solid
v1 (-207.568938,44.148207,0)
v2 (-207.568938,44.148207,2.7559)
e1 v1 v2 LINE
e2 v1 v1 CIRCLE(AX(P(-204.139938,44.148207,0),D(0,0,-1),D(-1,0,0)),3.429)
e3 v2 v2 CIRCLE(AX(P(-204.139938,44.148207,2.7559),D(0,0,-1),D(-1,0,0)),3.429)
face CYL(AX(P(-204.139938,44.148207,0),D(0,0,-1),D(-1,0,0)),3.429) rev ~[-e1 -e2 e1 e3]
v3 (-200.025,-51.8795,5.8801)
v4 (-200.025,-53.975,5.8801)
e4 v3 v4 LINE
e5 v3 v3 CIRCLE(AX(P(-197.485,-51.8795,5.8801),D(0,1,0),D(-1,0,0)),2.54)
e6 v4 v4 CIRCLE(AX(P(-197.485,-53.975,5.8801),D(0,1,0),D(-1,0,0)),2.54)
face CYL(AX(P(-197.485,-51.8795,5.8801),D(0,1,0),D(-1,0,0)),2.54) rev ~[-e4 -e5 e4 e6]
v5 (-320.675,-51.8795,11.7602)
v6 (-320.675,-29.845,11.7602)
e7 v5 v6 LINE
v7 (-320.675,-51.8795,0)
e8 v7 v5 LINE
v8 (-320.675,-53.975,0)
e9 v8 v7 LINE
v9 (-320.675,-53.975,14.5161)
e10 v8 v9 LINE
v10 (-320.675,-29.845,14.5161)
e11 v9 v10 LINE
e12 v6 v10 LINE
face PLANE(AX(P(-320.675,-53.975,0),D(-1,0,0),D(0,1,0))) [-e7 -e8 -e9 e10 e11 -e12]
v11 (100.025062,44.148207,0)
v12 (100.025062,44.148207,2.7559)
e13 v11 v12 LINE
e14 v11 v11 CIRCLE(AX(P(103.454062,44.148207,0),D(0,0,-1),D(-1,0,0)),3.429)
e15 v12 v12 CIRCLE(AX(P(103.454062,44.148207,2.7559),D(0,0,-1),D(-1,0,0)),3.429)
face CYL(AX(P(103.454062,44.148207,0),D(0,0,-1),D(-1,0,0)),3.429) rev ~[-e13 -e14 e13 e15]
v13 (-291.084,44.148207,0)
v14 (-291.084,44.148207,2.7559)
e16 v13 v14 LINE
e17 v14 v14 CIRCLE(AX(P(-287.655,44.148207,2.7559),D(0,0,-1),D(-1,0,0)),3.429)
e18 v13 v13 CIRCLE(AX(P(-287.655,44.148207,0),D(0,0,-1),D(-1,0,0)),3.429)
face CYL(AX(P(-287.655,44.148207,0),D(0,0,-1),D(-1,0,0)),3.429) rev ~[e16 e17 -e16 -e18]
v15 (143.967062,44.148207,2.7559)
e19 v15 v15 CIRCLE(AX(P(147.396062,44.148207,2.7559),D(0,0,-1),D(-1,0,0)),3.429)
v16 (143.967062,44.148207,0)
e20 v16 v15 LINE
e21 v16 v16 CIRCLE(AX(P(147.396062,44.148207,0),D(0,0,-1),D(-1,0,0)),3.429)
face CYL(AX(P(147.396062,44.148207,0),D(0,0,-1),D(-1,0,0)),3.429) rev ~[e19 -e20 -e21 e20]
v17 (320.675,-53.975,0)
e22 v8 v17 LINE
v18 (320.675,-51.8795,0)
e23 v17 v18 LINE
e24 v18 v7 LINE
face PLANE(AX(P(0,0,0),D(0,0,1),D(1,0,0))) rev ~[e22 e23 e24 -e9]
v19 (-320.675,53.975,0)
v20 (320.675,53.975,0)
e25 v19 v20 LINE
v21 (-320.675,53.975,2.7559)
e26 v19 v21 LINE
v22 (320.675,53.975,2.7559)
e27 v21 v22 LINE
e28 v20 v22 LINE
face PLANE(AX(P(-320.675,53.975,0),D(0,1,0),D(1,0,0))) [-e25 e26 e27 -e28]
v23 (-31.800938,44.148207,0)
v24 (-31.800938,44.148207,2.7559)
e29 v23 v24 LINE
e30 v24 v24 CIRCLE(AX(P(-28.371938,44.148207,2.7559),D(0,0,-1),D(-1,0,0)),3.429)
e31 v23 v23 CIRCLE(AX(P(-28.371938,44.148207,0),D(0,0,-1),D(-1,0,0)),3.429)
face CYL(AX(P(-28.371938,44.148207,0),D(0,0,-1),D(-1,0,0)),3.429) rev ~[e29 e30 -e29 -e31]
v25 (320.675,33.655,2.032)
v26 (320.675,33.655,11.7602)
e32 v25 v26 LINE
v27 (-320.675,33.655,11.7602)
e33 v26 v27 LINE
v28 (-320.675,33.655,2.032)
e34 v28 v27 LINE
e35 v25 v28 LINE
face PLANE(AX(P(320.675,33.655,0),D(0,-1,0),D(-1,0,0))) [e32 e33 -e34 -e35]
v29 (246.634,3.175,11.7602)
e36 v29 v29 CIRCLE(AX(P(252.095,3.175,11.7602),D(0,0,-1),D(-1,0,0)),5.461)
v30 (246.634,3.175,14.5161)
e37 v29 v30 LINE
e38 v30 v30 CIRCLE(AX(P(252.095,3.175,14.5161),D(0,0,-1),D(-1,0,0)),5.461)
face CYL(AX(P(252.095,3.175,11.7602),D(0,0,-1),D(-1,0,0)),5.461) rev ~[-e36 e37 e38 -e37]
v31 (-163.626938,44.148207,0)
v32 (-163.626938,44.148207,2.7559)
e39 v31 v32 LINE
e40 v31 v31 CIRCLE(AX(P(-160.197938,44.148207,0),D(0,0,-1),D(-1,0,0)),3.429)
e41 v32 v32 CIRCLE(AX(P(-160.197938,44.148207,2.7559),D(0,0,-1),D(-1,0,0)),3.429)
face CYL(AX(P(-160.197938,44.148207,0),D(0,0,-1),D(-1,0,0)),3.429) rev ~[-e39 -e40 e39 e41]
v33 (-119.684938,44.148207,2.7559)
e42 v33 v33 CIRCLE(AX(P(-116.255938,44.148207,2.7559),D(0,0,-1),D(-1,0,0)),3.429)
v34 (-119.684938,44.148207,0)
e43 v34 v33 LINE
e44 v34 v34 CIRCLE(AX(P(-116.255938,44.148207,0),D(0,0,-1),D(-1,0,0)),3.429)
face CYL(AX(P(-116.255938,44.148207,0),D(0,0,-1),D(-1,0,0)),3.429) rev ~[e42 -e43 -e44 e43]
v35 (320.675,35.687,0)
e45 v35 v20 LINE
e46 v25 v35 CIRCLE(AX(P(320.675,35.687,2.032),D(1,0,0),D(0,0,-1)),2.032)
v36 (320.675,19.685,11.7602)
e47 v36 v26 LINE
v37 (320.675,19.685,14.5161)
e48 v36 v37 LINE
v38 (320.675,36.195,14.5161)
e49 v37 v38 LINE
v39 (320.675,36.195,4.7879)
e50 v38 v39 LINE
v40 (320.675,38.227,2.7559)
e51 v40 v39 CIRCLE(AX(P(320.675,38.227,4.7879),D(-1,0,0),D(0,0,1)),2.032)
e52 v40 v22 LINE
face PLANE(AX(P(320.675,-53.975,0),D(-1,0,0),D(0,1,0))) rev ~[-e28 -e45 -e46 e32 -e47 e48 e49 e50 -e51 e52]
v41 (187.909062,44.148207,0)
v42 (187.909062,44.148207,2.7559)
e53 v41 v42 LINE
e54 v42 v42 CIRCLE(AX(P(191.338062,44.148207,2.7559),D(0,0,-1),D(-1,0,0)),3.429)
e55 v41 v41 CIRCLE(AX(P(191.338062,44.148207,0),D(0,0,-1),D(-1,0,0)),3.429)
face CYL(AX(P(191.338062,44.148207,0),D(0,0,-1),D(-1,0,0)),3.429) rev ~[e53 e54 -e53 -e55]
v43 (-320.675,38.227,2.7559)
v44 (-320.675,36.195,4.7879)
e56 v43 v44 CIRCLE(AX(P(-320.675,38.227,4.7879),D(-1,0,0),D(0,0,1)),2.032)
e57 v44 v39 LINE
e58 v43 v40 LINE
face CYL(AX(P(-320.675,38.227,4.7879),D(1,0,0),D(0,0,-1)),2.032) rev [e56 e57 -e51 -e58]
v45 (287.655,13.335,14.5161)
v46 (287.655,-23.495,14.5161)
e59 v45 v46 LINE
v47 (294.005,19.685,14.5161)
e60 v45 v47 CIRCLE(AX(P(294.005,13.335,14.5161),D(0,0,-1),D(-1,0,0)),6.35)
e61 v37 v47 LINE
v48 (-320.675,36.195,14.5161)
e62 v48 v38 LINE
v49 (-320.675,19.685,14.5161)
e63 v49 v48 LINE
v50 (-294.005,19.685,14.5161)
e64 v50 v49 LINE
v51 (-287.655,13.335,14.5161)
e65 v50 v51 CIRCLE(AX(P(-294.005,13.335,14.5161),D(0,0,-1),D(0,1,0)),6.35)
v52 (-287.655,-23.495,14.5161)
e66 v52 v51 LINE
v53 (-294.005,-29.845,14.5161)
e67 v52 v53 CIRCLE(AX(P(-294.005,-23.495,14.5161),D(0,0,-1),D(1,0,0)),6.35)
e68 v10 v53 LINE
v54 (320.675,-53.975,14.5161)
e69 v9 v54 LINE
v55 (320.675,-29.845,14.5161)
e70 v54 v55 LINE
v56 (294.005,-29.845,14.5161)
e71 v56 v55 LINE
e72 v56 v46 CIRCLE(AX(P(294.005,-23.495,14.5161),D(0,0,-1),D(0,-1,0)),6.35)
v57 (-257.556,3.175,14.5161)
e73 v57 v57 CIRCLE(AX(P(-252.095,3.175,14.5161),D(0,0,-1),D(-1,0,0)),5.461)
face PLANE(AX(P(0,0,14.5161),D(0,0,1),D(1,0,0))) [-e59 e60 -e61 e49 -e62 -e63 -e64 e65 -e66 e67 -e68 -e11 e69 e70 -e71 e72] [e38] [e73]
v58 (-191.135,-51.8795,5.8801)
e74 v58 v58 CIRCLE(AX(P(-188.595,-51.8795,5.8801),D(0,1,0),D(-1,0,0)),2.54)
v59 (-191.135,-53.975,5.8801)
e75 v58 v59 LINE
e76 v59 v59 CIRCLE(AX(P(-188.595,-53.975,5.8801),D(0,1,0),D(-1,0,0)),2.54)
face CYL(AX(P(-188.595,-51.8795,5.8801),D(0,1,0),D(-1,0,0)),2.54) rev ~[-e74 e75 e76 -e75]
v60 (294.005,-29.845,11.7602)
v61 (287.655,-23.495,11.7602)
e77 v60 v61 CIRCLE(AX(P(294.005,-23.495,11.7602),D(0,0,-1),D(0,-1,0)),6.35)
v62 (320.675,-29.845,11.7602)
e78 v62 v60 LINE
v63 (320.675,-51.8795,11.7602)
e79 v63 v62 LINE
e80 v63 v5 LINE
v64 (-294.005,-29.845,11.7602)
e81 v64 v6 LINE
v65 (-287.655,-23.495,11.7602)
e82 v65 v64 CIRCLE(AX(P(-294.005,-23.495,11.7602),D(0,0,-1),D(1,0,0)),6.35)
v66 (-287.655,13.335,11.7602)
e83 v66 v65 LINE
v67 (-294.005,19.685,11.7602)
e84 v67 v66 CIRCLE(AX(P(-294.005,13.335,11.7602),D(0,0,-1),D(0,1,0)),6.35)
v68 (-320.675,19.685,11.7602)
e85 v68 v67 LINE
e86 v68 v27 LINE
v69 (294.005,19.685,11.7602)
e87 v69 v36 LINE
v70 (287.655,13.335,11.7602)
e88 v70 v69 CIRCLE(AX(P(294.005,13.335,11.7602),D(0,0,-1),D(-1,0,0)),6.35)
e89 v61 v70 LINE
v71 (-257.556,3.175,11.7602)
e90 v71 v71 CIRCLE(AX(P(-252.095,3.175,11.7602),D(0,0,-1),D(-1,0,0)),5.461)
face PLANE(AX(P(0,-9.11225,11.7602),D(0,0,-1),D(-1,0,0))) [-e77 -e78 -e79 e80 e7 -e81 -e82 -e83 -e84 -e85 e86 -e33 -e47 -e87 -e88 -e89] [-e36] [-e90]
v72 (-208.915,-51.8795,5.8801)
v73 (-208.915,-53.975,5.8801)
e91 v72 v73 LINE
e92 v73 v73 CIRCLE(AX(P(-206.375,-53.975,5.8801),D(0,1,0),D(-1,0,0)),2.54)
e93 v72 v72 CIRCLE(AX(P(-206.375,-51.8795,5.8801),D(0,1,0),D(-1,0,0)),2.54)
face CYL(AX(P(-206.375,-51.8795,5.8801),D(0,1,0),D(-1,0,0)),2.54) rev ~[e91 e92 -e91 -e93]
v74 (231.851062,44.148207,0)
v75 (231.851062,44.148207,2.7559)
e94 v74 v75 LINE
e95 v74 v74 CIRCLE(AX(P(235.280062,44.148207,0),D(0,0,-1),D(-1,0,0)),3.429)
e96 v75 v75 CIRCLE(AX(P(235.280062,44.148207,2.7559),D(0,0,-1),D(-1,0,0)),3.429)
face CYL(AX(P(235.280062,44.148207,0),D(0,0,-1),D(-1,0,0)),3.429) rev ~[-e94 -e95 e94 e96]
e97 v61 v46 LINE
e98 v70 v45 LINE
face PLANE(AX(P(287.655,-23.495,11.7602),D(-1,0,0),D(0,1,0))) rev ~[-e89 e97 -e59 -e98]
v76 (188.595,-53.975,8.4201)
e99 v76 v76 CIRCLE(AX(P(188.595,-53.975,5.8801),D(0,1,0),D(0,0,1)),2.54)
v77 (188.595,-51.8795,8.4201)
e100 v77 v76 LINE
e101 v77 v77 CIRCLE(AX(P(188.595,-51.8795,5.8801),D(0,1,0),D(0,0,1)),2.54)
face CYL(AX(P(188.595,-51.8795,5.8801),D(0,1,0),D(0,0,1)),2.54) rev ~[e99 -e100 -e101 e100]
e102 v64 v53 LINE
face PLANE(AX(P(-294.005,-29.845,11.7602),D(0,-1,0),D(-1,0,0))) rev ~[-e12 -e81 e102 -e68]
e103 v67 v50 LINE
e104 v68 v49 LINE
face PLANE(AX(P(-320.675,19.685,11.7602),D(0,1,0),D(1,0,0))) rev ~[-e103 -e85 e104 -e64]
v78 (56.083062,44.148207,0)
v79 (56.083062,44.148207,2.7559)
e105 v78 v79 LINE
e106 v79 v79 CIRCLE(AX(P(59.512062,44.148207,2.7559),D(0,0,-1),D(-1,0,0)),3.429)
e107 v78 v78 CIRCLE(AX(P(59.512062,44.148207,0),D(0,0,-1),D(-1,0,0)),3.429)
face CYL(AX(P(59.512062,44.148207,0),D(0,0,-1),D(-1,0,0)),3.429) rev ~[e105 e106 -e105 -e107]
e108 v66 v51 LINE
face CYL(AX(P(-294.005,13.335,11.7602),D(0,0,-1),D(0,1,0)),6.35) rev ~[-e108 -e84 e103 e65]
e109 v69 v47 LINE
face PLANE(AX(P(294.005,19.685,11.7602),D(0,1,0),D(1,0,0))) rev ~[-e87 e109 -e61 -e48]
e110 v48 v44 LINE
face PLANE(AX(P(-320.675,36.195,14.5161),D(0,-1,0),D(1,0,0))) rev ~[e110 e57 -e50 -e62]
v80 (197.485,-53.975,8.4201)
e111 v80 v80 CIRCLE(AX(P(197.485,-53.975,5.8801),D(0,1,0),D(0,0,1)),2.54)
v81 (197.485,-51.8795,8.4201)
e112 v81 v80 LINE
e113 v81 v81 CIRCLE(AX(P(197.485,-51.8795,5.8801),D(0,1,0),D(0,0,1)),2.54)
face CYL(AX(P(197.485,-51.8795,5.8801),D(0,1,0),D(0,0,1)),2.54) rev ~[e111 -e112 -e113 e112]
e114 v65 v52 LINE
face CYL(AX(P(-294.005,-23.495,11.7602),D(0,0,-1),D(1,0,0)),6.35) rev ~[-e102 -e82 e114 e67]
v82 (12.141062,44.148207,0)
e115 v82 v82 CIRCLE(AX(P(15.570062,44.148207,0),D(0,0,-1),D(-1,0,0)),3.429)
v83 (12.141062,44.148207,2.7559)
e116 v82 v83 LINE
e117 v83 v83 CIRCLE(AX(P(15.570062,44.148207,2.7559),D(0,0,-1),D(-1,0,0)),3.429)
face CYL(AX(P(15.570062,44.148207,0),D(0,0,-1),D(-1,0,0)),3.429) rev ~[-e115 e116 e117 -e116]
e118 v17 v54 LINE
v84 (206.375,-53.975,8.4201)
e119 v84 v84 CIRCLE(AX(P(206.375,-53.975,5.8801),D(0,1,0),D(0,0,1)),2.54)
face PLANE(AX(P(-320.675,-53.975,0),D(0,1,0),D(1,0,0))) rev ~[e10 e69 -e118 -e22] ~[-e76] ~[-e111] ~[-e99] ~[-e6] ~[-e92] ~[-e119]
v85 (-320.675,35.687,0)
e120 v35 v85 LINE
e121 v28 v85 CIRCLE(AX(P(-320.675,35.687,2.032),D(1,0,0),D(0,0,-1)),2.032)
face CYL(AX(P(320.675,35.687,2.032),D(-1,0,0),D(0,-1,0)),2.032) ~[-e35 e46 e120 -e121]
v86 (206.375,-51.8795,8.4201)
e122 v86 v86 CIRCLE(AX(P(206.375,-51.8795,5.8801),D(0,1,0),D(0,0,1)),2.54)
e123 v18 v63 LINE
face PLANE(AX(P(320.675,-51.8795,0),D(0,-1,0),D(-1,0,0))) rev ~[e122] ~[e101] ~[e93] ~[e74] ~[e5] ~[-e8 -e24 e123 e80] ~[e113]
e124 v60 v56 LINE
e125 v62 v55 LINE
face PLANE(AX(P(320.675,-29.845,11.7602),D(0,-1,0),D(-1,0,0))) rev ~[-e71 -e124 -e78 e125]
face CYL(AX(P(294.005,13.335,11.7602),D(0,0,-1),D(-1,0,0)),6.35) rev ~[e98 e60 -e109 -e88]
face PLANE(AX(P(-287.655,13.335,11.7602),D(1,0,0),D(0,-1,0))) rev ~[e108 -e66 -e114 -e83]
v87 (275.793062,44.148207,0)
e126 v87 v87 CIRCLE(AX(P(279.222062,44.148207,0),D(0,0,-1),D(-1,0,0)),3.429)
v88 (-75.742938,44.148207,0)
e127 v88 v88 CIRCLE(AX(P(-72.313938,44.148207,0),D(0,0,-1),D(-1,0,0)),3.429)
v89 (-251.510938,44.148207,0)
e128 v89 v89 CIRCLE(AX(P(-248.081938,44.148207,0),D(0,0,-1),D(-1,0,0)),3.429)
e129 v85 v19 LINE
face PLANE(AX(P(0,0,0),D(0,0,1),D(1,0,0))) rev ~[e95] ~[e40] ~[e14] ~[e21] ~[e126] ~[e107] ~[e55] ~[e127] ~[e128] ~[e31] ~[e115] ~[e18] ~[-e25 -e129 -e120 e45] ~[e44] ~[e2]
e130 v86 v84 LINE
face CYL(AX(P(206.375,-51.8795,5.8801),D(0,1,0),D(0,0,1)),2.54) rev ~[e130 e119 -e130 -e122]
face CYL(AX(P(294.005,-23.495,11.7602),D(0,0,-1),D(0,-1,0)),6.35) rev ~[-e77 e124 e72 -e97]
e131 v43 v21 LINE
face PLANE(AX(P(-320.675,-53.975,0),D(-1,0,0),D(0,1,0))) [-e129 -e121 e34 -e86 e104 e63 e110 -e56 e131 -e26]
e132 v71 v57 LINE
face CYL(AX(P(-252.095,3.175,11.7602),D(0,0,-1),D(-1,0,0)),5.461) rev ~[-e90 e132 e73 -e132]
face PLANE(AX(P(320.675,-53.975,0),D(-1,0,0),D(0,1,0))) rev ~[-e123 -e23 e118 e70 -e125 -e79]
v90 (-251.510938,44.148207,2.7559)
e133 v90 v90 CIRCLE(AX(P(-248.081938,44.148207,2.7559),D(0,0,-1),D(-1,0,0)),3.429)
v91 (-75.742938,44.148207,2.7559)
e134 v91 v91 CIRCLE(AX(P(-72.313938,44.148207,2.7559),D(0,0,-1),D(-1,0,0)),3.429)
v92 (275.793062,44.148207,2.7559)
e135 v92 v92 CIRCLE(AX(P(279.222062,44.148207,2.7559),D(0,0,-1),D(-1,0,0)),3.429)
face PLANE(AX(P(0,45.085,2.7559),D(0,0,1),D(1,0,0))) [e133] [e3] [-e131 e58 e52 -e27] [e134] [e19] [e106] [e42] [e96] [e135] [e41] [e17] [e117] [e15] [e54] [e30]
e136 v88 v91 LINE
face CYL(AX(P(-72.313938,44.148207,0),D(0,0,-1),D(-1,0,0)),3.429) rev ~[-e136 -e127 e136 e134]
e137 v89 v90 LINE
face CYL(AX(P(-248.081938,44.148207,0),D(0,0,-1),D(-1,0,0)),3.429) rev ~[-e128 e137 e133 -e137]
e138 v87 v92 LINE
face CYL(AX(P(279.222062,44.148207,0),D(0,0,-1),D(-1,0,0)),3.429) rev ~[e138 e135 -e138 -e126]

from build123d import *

# Parameters (mm, degrees)
SKETCH1_W           = 641.35
SKETCH1_H           = 107.95
BOSS_EXTRUDE1_DEPTH = 14.5161
SKETCH2_W           = 641.35
SKETCH2_H           = 17.78
CUT_EXTRUDE1_DEPTH  = 11.7602
SKETCH3_W           = 641.35
SKETCH3_H           = 85.5345
CUT_EXTRUDE3_DEPTH  = 11.7602
FILLET1_R           = 2.032
CUT_EXTRUDE4_DEPTH  = 326.398307546
SKETCH5_R           = 3.429
CUT_EXTRUDE5_DEPTH  = 11.7602
SKETCH6_R           = 5.461
CUT_EXTRUDE6_DEPTH  = 11.7602
SKETCH7_R           = 2.54
CUT_EXTRUDE7_DEPTH  = 2.54


with BuildPart() as part:
    # Sketch1 → Boss-Extrude1 (new body)
    with BuildSketch(Plane.XY):
        Rectangle(SKETCH1_W, SKETCH1_H)
    extrude(amount=BOSS_EXTRUDE1_DEPTH)

    # Sketch2 → Cut-Extrude1 (cut)
    with BuildSketch(Plane.XY.offset(14.5161)):
        with Locations((0, 45.085)):
            Rectangle(SKETCH2_W, SKETCH2_H)
    extrude(amount=-CUT_EXTRUDE1_DEPTH, mode=Mode.SUBTRACT)

    # Sketch3 → Cut-Extrude3 (cut)
    with BuildSketch(Plane(origin=(0, 0, 0), x_dir=(-1, 0, 0), z_dir=(0, 0, -1))):
        with Locations((0, -9.11225)):
            Rectangle(SKETCH3_W, SKETCH3_H)
    extrude(amount=-CUT_EXTRUDE3_DEPTH, mode=Mode.SUBTRACT)

    # Fillet1
    fillet1_edges = [part.edges().sort_by_distance(p)[0] for p in [
        (0, 36.195, 2.7559),
        (0, 33.655, 0),
    ]]
    fillet(fillet1_edges, radius=FILLET1_R)

    # Sketch4 → Cut-Extrude4 (cut, through all)
    with BuildSketch(Plane(origin=(0, 0, 11.7602), x_dir=(-1, 0, 0), z_dir=(0, 0, -1))):
        with BuildLine():
            Line((-294.005, 19.685), (-320.675, 19.685))
            Line((-320.675, 19.685), (-320.675, -29.845))
            Line((-320.675, -29.845), (-294.005, -29.845))
            ThreePointArc((-294.005, -29.845), (-289.514871939, -27.985128061), (-287.655, -23.495))
            Line((-287.655, -23.495), (-287.655, 13.335))
            ThreePointArc((-287.655, 13.335), (-289.514871939, 17.825128061), (-294.005, 19.685))
        make_face()
        with BuildLine():
            Line((294.005, -29.845), (320.675, -29.845))
            Line((320.675, -29.845), (320.675, 19.685))
            Line((320.675, 19.685), (294.005, 19.685))
            ThreePointArc((294.005, 19.685), (289.514871939, 17.825128061), (287.655, 13.335))
            Line((287.655, 13.335), (287.655, -23.495))
            ThreePointArc((287.655, -23.495), (289.514871939, -27.985128061), (294.005, -29.845))
        make_face()
    extrude(amount=-CUT_EXTRUDE4_DEPTH, mode=Mode.SUBTRACT)

    # Sketch5 → Cut-Extrude5 (cut)
    with BuildSketch(Plane(origin=(0, 0, 0), x_dir=(-1, 0, 0), z_dir=(0, 0, -1))):
        with Locations((-279.222061941, 44.148206771)):
            Circle(SKETCH5_R)
        with Locations((-235.280061941, 44.148206771)):
            Circle(SKETCH5_R)
        with Locations((-191.338061941, 44.148206771)):
            Circle(SKETCH5_R)
        with Locations((-147.396061941, 44.148206771)):
            Circle(SKETCH5_R)
        with Locations((-103.454061941, 44.148206771)):
            Circle(SKETCH5_R)
        with Locations((-59.512061941, 44.148206771)):
            Circle(SKETCH5_R)
        with Locations((-15.570061941, 44.148206771)):
            Circle(SKETCH5_R)
        with Locations((28.371938059, 44.148206771)):
            Circle(SKETCH5_R)
        with Locations((72.313938059, 44.148206771)):
            Circle(SKETCH5_R)
        with Locations((116.255938059, 44.148206771)):
            Circle(SKETCH5_R)
        with Locations((160.197938059, 44.148206771)):
            Circle(SKETCH5_R)
        with Locations((204.139938059, 44.148206771)):
            Circle(SKETCH5_R)
        with Locations((248.081938059, 44.148206771)):
            Circle(SKETCH5_R)
        with Locations((287.655, 44.148206771)):
            Circle(SKETCH5_R)
    extrude(amount=-CUT_EXTRUDE5_DEPTH, mode=Mode.SUBTRACT)

    # Sketch6 → Cut-Extrude6 (cut)
    with BuildSketch(Plane(origin=(0, 0, 11.7602), x_dir=(-1, 0, 0), z_dir=(0, 0, -1))):
        with Locations((-252.095, 3.175)):
            Circle(SKETCH6_R)
        with Locations((252.095, 3.175)):
            Circle(SKETCH6_R)
    extrude(amount=-CUT_EXTRUDE6_DEPTH, mode=Mode.SUBTRACT)

    # Sketch7 → Cut-Extrude7 (cut)
    with BuildSketch(Plane(origin=(0, -51.8795, 0), x_dir=(1, 0, 0), z_dir=(0, 1, 0))):
        with Locations(Location((-206.375, -5.8801, 0), (0, 0, 180))):
            Circle(SKETCH7_R)
        with Locations(Location((-197.485, -5.8801, 0), (0, 0, 180))):
            Circle(SKETCH7_R)
        with Locations(Location((-188.595, -5.8801, 0), (0, 0, 180))):
            Circle(SKETCH7_R)
        with Locations(Location((197.485, -5.8801, 0), (0, 0, 270))):
            Circle(SKETCH7_R)
        with Locations(Location((188.595, -5.8801, 0), (0, 0, 270))):
            Circle(SKETCH7_R)
        with Locations(Location((206.375, -5.8801, 0), (0, 0, 270))):
            Circle(SKETCH7_R)
    extrude(amount=-CUT_EXTRUDE7_DEPTH, mode=Mode.SUBTRACT)


solid = part.part
